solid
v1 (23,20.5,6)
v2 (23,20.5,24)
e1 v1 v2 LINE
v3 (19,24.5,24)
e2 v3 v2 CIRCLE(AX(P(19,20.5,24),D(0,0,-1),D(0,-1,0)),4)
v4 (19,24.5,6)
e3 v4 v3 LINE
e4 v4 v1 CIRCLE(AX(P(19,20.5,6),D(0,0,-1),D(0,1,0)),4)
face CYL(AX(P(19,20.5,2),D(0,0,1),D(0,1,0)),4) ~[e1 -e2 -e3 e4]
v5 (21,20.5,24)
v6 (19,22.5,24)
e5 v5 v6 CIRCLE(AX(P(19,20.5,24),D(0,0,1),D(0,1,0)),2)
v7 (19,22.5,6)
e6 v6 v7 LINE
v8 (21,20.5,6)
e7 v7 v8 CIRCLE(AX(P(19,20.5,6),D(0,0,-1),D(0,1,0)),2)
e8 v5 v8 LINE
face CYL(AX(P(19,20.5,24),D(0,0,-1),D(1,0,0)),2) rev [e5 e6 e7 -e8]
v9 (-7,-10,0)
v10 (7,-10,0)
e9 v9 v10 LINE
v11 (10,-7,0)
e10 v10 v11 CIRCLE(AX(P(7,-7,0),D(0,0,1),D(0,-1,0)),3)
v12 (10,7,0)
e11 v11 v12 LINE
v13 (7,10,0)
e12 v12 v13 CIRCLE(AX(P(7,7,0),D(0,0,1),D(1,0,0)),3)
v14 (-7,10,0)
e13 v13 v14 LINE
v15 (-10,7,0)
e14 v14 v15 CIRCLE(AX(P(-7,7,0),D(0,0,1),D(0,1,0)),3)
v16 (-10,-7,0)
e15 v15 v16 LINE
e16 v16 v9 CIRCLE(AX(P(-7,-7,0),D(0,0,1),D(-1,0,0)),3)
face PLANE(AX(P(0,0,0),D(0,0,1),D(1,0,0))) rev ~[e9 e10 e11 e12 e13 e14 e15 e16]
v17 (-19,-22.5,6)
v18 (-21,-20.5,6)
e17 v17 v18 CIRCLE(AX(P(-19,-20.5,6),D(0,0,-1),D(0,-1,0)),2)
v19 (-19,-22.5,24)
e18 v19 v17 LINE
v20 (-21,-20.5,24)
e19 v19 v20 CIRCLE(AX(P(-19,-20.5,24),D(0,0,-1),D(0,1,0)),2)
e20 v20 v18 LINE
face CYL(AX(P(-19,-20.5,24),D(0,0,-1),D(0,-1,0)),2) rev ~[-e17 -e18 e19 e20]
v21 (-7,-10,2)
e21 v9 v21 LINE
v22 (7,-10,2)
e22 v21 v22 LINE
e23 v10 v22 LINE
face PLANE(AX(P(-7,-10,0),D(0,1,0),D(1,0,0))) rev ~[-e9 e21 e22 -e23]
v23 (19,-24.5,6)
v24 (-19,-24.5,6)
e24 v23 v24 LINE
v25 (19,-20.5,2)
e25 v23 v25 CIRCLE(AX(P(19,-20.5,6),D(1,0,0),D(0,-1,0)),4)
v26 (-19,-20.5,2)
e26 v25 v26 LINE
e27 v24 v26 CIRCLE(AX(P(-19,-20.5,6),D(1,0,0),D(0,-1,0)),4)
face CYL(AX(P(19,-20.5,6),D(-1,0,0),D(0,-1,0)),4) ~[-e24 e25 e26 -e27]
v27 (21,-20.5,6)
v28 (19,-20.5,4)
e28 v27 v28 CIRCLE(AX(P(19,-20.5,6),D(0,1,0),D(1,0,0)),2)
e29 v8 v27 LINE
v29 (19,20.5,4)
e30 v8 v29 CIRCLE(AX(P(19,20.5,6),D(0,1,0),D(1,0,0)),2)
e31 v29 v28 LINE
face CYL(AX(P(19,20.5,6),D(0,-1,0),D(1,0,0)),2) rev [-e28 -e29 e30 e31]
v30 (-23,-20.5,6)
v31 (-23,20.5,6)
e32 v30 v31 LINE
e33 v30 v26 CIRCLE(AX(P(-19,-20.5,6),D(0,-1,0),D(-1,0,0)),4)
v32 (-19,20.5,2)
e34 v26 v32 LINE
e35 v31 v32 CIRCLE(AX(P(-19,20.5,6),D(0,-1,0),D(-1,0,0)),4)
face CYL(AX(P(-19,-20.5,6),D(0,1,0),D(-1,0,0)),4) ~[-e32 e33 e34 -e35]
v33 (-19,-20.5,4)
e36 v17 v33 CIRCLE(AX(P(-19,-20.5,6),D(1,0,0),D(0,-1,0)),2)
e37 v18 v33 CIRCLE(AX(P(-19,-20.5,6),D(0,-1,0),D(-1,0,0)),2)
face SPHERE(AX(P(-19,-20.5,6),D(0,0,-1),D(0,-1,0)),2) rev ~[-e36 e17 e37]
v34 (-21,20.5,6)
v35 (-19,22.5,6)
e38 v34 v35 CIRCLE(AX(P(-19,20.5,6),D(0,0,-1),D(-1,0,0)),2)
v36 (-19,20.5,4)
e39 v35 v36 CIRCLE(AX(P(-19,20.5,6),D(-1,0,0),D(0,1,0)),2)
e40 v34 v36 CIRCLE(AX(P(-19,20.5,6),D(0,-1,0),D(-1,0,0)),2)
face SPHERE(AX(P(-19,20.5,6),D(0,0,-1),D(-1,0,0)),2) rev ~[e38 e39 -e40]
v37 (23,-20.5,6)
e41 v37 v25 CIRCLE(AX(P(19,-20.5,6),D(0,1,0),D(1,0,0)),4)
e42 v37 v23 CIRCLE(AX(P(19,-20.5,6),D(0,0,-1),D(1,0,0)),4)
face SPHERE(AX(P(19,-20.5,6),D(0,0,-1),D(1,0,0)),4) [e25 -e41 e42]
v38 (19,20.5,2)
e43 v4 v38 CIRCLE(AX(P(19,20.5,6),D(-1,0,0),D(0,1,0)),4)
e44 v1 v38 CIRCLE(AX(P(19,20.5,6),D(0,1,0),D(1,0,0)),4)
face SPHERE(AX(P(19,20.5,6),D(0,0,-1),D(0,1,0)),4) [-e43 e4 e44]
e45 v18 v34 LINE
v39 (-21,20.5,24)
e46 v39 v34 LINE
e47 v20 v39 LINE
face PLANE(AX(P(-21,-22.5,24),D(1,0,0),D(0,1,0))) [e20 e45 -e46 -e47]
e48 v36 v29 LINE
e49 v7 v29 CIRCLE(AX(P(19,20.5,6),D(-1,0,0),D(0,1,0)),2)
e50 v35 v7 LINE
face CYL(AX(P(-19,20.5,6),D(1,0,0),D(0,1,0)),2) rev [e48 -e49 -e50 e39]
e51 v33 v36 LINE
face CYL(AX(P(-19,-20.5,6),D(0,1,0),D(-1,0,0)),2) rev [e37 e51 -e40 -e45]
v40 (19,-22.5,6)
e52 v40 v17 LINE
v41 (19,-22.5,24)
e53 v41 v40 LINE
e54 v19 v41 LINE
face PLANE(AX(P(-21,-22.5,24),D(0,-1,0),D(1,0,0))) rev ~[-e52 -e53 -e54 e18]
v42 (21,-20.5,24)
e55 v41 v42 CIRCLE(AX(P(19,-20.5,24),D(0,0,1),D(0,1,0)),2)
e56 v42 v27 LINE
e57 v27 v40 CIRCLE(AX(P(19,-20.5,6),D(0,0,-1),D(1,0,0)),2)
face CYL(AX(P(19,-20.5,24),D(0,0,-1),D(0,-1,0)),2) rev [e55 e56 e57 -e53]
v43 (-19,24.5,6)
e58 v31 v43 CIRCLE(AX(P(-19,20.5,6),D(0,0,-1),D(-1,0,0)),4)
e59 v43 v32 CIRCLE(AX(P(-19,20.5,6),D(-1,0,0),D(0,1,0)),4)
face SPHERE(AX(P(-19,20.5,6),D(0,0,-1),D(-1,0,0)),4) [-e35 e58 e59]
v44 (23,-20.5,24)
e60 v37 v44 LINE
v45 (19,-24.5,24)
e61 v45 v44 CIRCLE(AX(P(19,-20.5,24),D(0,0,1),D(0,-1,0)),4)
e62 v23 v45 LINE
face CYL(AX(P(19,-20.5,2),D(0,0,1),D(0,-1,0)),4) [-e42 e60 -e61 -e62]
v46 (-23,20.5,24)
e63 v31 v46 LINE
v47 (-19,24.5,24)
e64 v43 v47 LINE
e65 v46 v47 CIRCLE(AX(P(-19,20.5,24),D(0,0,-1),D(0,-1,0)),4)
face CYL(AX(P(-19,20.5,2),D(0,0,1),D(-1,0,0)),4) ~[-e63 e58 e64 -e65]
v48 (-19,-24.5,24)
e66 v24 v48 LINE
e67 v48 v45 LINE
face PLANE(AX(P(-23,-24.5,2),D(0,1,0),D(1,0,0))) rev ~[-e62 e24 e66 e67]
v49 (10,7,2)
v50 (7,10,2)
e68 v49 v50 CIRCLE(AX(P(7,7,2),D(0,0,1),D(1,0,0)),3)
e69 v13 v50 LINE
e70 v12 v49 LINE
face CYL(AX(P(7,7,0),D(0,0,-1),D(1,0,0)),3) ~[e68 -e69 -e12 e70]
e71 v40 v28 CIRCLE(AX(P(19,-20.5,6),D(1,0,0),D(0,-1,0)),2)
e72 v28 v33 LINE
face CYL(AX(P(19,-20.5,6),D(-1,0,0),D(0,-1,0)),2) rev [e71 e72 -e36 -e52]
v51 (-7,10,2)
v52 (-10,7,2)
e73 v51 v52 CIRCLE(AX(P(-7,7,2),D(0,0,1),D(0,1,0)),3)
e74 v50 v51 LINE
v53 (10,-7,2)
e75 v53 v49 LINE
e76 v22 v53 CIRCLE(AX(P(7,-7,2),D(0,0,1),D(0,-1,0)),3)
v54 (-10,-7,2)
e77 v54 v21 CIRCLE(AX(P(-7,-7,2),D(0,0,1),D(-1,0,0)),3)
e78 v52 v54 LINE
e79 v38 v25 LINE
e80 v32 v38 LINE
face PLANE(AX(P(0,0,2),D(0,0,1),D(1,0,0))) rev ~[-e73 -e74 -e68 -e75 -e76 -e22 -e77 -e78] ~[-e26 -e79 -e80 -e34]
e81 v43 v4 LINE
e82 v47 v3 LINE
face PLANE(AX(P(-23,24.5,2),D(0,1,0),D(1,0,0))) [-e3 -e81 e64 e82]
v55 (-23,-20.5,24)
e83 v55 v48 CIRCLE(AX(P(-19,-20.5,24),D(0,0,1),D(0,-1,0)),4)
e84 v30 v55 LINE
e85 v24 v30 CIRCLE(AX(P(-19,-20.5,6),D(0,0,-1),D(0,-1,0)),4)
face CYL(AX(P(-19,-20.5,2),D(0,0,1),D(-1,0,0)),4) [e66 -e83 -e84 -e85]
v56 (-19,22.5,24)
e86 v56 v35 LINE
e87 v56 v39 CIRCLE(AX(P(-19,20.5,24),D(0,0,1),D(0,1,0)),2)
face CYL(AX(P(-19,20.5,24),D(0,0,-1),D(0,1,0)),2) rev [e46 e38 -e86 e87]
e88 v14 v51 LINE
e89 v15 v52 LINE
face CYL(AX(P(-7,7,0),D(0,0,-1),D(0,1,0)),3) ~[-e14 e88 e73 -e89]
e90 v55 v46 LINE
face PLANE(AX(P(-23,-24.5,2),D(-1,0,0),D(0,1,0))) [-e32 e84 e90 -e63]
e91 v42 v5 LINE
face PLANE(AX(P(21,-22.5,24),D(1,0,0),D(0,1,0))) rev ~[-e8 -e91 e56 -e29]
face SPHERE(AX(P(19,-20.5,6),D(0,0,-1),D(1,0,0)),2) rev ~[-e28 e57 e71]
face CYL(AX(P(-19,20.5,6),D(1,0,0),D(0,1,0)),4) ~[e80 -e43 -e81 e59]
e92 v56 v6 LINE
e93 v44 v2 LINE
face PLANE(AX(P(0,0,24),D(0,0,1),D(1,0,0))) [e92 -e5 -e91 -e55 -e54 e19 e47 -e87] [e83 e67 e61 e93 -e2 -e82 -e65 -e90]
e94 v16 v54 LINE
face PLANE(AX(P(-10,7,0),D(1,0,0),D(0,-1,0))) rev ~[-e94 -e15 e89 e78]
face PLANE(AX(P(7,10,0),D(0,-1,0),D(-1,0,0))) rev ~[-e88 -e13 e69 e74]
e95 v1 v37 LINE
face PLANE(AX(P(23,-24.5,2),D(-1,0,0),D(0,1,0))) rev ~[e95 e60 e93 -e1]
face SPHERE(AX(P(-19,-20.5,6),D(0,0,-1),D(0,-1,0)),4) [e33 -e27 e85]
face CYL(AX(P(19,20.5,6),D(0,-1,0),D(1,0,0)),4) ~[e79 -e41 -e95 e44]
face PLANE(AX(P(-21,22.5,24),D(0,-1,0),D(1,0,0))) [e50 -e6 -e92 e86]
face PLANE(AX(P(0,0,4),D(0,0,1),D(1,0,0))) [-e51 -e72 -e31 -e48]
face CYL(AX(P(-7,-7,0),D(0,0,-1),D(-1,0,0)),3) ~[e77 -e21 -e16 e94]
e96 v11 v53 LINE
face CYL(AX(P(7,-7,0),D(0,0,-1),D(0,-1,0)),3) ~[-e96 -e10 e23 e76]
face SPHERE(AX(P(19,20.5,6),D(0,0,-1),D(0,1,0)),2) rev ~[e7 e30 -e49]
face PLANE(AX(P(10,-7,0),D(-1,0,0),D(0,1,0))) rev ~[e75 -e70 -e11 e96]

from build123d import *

# Parameters (mm, degrees)
F1_DEPTH = 2
F2_W     = 46
F2_H     = 49
F3_DEPTH = 22
F4_W     = 42
F4_H     = 45
F5_DEPTH = 20
F6_R     = 4
F7_R     = 2
F8_R     = 2
F9_R     = 4


with BuildPart() as f1:
    # F0 (on Top) → F1 (new body)
    with BuildSketch(Plane.XY):
        with BuildLine():
            Line((7, 10), (-7, 10))
            ThreePointArc((-7, 10), (-9.1213203436, 9.1213203436), (-10, 7))
            Line((-10, 7), (-10, -7))
            ThreePointArc((-10, -7), (-9.1213203436, -9.1213203436), (-7, -10))
            Line((-7, -10), (7, -10))
            ThreePointArc((7, -10), (9.1213203436, -9.1213203436), (10, -7))
            Line((10, -7), (10, 7))
            ThreePointArc((10, 7), (9.1213203436, 9.1213203436), (7, 10))
        make_face()
    extrude(amount=F1_DEPTH)

    # F2 (on face) → F3 (join)
    with BuildSketch(Plane.XY.offset(2)):
        Rectangle(F2_W, F2_H)
        with BuildLine():
            Line((-7, 10), (7, 10))
            ThreePointArc((7, 10), (9.1213203436, 9.1213203436), (10, 7))
            Line((10, 7), (10, -7))
            ThreePointArc((10, -7), (9.1213203436, -9.1213203436), (7, -10))
            Line((7, -10), (-7, -10))
            ThreePointArc((-7, -10), (-9.1213203436, -9.1213203436), (-10, -7))
            Line((-10, -7), (-10, 7))
            ThreePointArc((-10, 7), (-9.1213203436, 9.1213203436), (-7, 10))
        make_face(mode=Mode.SUBTRACT)
        with BuildLine():
            ThreePointArc((10, 7), (9.1213203436, 9.1213203436), (7, 10))
            Line((7, 10), (-7, 10))
            ThreePointArc((-7, 10), (-9.1213203436, 9.1213203436), (-10, 7))
            Line((-10, 7), (-10, -7))
            ThreePointArc((-10, -7), (-9.1213203436, -9.1213203436), (-7, -10))
            Line((-7, -10), (7, -10))
            ThreePointArc((7, -10), (9.1213203436, -9.1213203436), (10, -7))
            Line((10, -7), (10, 7))
        make_face()
    extrude(amount=F3_DEPTH)

    # F4 (on face) → F5 (cut)
    with BuildSketch(Plane.XY.offset(24)):
        Rectangle(F4_W, F4_H)
    extrude(amount=-F5_DEPTH, mode=Mode.SUBTRACT)

    # F6
    f6_edges = [f1.edges().sort_by_distance(p)[0] for p in [
        (-23, 24.5, 13),
        (23, 24.5, 13),
        (23, -24.5, 13),
        (-23, -24.5, 13),
    ]]
    fillet(f6_edges, radius=F6_R)

    # F7
    f7_edges = [f1.edges().sort_by_distance(p)[0] for p in [
        (21, 22.5, 14),
        (21, -22.5, 14),
        (-21, -22.5, 14),
        (-21, 22.5, 14),
    ]]
    fillet(f7_edges, radius=F7_R)

    # F8
    f8_edges = [f1.edges().sort_by_distance(p)[0] for p in [
        (0, 22.5, 4),
        (20.414214, 21.914214, 4),
        (-20.414214, 21.914214, 4),
        (21, 0, 4),
        (-21, 0, 4),
        (20.414214, -21.914214, 4),
        (-20.414214, -21.914214, 4),
        (0, -22.5, 4),
    ]]
    fillet(f8_edges, radius=F8_R)

    # F9
    f9_edges = [f1.edges().sort_by_distance(p)[0] for p in [
        (0, 24.5, 2),
        (-21.828427, 23.328427, 2),
        (-23, 0, 2),
        (-21.828427, -23.328427, 2),
        (0, -24.5, 2),
        (21.828427, -23.328427, 2),
        (23, 0, 2),
        (21.828427, 23.328427, 2),
    ]]
    fillet(f9_edges, radius=F9_R)


solid = f1.part
